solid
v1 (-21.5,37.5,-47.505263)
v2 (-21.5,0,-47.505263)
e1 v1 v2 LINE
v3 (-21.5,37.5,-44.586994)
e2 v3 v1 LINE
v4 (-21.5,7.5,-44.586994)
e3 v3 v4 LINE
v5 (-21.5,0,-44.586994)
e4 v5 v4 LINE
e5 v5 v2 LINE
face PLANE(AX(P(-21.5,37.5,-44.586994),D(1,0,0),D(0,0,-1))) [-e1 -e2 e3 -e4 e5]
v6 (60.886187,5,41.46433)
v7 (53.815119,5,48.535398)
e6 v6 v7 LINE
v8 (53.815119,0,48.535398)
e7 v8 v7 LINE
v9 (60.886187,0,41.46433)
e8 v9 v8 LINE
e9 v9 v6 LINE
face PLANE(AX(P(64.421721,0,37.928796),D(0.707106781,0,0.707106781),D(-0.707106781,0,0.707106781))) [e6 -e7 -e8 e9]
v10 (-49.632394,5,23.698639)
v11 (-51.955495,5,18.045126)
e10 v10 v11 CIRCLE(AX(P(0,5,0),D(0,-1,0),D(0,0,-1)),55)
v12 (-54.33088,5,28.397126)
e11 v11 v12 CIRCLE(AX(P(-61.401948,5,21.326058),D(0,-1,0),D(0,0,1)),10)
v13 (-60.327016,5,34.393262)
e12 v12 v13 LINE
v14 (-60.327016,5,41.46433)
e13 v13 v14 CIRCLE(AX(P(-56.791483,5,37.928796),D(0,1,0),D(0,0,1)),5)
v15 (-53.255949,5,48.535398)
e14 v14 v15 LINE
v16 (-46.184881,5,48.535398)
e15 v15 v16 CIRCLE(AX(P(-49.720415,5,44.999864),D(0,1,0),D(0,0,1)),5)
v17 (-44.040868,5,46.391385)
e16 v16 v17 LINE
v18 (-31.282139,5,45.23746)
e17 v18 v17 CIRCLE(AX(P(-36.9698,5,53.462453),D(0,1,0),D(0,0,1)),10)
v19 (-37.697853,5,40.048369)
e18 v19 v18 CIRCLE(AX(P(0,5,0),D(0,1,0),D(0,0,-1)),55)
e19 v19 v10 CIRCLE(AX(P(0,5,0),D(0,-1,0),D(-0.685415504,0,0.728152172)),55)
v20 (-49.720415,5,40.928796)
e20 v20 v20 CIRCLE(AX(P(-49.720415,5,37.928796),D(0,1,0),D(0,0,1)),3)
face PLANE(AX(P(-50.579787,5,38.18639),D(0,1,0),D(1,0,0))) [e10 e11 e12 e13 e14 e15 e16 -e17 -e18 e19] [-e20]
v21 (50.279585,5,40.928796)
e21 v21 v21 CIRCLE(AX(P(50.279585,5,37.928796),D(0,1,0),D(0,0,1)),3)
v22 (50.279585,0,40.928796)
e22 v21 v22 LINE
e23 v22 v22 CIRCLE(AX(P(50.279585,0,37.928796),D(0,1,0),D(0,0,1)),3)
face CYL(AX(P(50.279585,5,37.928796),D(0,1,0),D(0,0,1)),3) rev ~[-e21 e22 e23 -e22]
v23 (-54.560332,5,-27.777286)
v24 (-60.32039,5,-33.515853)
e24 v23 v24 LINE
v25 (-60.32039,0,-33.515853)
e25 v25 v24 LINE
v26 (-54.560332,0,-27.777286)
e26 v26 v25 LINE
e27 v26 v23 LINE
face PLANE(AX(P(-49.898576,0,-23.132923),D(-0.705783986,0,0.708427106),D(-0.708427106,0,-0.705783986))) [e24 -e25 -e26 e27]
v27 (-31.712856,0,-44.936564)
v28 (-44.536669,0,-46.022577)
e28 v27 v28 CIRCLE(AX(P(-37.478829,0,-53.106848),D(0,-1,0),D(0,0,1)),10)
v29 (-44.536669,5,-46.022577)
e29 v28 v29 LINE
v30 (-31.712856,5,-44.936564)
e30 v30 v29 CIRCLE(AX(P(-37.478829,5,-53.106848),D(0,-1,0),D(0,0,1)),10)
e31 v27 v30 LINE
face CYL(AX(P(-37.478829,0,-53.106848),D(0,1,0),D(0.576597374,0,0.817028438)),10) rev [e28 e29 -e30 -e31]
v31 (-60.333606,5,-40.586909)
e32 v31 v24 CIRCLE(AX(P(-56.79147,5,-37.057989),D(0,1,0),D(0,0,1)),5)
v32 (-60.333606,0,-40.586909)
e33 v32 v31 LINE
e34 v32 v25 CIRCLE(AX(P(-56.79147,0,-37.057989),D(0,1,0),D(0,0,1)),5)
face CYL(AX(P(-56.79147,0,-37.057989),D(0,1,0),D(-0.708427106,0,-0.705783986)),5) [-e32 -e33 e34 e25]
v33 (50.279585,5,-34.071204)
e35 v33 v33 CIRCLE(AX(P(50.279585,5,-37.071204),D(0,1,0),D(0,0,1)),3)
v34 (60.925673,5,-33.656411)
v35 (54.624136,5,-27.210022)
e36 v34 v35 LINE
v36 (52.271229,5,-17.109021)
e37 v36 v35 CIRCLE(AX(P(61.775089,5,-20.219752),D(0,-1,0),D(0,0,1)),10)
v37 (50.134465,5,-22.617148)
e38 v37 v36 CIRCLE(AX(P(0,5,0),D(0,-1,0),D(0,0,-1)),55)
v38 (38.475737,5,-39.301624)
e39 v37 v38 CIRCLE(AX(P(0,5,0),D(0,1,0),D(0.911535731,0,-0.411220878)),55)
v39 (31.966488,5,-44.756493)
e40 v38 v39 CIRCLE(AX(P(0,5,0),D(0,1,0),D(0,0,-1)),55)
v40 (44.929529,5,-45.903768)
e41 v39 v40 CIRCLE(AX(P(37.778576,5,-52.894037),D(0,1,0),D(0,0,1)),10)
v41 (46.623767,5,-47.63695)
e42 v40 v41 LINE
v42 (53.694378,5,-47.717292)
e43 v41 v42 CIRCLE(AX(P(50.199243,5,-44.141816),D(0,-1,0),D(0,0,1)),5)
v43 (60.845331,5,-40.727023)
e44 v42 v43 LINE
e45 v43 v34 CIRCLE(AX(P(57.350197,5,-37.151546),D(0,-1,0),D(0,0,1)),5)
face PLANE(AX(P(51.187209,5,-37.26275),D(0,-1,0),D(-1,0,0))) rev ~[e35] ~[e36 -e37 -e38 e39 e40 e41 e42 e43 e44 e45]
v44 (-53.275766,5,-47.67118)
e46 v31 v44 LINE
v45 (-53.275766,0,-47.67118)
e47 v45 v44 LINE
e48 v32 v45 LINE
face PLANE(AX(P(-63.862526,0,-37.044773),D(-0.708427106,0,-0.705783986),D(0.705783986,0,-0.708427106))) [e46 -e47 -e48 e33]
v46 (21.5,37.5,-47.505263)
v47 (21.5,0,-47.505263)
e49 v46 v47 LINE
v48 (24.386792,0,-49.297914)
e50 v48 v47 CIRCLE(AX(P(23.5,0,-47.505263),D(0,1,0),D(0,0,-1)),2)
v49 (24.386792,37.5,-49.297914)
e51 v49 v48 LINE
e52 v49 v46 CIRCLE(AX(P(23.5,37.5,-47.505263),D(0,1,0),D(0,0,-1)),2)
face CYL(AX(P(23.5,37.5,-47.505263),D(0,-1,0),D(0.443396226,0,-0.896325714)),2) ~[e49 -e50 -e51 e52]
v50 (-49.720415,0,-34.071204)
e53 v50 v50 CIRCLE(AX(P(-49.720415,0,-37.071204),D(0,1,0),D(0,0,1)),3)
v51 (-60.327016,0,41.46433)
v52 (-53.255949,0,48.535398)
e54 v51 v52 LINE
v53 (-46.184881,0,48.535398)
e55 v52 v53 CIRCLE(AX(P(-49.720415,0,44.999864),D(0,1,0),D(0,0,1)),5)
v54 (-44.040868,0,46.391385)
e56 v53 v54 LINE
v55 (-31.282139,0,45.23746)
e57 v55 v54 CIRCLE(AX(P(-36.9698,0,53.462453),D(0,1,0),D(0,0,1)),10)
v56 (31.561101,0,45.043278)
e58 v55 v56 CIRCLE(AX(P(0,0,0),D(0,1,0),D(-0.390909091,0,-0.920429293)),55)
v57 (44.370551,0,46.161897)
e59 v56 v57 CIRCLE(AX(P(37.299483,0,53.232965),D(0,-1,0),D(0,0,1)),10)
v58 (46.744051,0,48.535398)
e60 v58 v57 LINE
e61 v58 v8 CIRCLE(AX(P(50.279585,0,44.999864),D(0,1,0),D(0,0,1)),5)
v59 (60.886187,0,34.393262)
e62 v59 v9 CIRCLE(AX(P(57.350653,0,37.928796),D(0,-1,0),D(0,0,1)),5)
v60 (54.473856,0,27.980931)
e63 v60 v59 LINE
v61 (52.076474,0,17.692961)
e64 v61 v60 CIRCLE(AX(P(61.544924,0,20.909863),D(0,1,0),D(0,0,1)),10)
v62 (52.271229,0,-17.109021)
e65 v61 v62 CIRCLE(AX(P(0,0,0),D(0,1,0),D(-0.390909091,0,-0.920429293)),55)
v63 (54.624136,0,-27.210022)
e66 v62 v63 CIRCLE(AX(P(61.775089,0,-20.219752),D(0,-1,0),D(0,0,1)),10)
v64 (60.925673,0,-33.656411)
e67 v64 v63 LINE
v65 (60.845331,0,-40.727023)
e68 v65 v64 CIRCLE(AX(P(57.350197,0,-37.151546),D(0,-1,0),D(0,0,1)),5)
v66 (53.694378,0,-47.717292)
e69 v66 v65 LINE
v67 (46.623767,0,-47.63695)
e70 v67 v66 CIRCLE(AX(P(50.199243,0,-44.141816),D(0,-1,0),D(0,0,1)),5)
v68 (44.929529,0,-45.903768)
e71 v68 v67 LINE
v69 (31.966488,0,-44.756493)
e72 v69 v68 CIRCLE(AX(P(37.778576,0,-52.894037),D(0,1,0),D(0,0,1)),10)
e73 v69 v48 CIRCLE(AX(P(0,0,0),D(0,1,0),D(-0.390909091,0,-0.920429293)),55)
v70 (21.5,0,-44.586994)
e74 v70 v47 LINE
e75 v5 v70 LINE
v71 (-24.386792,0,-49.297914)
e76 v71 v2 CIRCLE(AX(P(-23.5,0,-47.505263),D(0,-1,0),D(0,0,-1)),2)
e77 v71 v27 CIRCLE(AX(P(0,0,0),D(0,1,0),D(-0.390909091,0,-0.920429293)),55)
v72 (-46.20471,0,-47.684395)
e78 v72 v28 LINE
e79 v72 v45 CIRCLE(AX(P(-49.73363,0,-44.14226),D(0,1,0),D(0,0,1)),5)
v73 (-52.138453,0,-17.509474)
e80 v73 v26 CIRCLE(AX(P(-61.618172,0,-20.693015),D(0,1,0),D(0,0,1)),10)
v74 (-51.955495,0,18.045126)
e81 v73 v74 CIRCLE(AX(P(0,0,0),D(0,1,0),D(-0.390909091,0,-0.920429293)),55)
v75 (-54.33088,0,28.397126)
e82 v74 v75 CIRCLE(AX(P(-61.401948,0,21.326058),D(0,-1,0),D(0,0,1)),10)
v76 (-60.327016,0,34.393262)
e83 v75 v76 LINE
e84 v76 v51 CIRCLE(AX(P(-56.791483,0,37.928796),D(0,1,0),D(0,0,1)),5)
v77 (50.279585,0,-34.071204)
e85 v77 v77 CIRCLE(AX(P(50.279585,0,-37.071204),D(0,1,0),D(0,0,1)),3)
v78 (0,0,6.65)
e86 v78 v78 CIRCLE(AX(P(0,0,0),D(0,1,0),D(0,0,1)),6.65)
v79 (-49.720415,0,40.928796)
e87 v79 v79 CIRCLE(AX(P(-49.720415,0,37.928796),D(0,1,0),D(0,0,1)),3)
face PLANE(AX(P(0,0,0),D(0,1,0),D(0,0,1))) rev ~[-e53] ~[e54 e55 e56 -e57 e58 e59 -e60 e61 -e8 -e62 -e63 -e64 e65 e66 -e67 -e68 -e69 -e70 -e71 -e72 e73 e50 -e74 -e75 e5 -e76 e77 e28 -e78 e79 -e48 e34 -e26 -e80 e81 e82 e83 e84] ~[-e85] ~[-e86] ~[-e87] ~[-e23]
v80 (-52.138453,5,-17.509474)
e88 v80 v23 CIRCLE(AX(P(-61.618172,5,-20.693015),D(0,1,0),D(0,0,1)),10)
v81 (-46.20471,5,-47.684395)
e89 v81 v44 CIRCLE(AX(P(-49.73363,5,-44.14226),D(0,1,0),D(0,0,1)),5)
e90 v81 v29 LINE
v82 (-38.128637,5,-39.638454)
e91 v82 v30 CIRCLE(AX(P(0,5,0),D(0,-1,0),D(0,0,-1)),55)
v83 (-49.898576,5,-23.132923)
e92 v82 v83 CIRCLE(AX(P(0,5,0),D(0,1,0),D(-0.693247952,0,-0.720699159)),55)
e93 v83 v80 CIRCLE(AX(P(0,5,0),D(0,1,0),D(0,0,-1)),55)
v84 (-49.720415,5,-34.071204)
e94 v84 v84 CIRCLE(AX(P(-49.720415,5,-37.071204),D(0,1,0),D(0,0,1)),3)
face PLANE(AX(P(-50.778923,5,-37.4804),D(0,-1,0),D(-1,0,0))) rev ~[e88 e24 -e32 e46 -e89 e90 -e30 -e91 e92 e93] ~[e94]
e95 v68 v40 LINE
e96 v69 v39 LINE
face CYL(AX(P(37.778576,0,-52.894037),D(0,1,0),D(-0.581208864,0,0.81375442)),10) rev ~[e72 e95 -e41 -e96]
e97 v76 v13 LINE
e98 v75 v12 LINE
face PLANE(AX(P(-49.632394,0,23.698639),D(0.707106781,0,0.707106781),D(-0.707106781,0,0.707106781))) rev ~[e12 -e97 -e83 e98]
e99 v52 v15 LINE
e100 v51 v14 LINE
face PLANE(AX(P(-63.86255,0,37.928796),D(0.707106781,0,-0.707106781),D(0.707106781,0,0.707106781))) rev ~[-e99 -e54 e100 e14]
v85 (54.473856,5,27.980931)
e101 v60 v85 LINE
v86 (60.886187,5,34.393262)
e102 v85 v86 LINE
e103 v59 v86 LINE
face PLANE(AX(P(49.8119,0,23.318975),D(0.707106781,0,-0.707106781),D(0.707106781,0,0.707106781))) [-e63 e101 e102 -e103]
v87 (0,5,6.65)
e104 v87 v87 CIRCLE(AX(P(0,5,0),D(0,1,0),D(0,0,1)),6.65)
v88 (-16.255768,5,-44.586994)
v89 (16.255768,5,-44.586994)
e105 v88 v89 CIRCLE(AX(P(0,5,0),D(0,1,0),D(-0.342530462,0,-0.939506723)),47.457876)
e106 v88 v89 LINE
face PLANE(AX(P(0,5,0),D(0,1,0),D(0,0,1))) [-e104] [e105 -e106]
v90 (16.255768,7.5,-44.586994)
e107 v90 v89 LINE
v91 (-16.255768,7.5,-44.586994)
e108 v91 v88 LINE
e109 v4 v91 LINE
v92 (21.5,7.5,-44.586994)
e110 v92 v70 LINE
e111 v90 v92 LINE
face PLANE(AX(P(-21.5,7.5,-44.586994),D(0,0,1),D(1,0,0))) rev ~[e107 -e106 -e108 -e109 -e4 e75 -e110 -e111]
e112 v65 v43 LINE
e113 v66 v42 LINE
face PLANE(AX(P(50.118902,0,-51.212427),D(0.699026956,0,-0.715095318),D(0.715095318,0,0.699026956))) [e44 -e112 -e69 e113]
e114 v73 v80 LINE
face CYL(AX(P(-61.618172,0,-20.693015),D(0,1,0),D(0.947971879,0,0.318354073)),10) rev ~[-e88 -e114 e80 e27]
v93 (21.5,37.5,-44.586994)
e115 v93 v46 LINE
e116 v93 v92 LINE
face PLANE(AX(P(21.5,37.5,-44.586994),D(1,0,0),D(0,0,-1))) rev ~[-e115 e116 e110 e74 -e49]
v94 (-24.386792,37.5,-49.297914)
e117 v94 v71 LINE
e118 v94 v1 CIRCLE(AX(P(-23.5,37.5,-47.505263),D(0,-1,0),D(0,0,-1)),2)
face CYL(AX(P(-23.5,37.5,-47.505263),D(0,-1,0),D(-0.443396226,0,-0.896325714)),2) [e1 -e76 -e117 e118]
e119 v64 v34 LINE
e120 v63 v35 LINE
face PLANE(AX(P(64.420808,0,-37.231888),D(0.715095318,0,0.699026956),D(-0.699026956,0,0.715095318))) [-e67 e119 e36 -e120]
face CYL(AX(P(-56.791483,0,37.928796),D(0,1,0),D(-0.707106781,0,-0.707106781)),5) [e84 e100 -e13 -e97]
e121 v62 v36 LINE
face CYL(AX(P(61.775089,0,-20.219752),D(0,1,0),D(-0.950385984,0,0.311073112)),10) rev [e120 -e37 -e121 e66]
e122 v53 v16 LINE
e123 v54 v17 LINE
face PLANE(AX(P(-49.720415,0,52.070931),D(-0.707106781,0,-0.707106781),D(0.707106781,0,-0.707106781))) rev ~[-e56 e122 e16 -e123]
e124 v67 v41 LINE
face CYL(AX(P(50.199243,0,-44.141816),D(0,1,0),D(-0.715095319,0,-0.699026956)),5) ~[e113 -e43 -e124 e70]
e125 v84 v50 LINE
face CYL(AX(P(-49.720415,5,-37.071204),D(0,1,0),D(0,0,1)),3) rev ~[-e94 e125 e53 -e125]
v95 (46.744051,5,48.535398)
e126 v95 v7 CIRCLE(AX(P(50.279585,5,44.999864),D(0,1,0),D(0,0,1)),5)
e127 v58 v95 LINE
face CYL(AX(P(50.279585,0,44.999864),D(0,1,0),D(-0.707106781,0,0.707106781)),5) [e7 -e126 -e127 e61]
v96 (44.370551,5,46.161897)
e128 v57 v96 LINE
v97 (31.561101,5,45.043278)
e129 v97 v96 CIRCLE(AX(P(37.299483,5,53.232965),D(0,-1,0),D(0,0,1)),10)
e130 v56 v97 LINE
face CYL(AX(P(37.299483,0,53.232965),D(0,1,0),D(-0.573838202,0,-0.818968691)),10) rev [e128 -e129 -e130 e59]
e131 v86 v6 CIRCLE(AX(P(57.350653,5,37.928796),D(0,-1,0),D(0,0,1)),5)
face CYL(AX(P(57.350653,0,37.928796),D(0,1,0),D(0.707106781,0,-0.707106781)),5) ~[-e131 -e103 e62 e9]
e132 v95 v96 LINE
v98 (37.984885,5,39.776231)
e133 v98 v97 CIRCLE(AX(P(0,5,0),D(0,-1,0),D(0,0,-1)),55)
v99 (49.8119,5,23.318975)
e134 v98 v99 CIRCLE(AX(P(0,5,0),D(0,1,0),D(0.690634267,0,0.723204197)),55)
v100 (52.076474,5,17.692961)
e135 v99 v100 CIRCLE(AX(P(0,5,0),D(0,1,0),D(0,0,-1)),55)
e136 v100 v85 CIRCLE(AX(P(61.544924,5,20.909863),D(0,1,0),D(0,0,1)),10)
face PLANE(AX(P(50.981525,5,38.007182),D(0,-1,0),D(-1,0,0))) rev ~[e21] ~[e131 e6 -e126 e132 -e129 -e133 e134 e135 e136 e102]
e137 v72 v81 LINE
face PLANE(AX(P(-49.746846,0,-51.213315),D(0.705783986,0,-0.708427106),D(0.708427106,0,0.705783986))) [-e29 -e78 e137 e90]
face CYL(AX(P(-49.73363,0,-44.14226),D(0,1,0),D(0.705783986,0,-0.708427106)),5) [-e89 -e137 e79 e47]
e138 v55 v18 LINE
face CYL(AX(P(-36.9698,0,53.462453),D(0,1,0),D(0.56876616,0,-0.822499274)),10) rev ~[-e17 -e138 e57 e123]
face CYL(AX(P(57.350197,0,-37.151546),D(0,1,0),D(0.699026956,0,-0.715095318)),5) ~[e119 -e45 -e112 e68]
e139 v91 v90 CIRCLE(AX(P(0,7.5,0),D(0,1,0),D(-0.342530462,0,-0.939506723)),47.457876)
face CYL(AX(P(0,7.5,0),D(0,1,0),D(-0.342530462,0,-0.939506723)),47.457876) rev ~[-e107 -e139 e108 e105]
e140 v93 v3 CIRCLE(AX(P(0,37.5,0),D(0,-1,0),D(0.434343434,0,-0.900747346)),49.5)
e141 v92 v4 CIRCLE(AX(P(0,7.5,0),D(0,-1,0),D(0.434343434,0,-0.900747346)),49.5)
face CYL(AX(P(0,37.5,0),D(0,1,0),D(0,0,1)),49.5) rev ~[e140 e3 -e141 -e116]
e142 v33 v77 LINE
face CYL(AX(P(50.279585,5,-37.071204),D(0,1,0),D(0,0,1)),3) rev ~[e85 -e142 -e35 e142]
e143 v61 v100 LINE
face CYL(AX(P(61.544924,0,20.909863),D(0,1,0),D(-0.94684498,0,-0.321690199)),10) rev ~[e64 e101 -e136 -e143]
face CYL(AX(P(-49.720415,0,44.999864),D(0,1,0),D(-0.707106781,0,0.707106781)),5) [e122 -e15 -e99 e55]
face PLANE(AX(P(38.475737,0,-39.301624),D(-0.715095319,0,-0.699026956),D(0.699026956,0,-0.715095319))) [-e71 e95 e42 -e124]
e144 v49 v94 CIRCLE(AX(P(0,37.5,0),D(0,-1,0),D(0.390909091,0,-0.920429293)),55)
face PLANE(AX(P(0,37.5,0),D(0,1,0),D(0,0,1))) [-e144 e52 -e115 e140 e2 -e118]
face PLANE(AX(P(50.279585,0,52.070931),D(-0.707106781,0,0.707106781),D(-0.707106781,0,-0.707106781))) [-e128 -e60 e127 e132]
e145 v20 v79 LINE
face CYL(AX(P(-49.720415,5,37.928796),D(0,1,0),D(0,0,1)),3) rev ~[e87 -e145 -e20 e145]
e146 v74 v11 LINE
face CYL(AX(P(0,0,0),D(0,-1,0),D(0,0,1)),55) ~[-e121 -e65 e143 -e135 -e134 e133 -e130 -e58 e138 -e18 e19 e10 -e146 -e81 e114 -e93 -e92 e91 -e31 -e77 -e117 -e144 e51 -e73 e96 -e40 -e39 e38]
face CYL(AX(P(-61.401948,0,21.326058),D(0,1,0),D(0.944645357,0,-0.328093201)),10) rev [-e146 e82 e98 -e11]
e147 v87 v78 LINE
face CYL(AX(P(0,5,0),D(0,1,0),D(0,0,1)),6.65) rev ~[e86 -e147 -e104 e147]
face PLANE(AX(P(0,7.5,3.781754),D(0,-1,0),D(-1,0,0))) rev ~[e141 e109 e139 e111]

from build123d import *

# Parameters (mm, degrees)
SKETCH_1_R          = 55
EXTRUDE_1_DEPTH     = 37.5
SKETCH_3_R          = 49.5
CUT_EXTRUDE_1_DEPTH = 32.5
SKETCH_5_W          = 43
SKETCH_5_H          = 12.242897151
CUT_EXTRUDE_2_DEPTH = 40
FILLET_4_R          = 2
FILLET_5_R          = 2
SKETCH_6_R          = 6.65
CUT_EXTRUDE_3_DEPTH = 12
EXTRUDE_START       = -5
EXTRUDE_3_DEPTH     = 5
FILLET_7_R          = 10
FILLET_8_R          = 5
SKETCH_10_R         = 3
CUT_EXTRUDE_5_DEPTH = 5
EXTRUDE_START_2     = 2.5
EXTRUDE_4_DEPTH     = 2.5


with BuildPart() as part:
    # 草图1 → 凸台-拉伸1 (new body)
    with BuildSketch(Plane(origin=(0, 0, 0), x_dir=(1, 0, 0), z_dir=(0, 1, 0))):
        with Locations(Location((0, 0, 0), (0, 0, 270))):
            Circle(SKETCH_1_R)
    extrude(amount=EXTRUDE_1_DEPTH)

    # 草图3 → 切除-拉伸1 (cut)
    with BuildSketch(Plane(origin=(0, 37.5, 0), x_dir=(1, 0, 0), z_dir=(0, 1, 0))):
        with Locations(Location((0, 0, 0), (0, 0, 270))):
            Circle(SKETCH_3_R)
    extrude(amount=-CUT_EXTRUDE_1_DEPTH, mode=Mode.SUBTRACT)

    # 草图5 → 切除-拉伸2 (cut)
    with BuildSketch(Plane(origin=(0, 37.5, 0), x_dir=(1, 0, 0), z_dir=(0, 1, 0))):
        with Locations((0, 50.708442195)):
            Rectangle(SKETCH_5_W, SKETCH_5_H)
    extrude(amount=-CUT_EXTRUDE_2_DEPTH, mode=Mode.SUBTRACT)

    # 圆角4
    fillet_4_edges = [part.edges().sort_by_distance(p)[0] for p in [
        (-21.5, 18.75, -50.623611092),
    ]]
    fillet(fillet_4_edges, radius=FILLET_4_R)

    # 圆角5
    fillet_5_edges = [part.edges().sort_by_distance(p)[0] for p in [
        (21.5, 18.75, -50.623611092),
    ]]
    fillet(fillet_5_edges, radius=FILLET_5_R)

    # 草图6 → 切除-拉伸3 (cut)
    with BuildSketch(Plane(origin=(0, 5, 0), x_dir=(1, 0, 0), z_dir=(0, 1, 0))):
        with Locations(Location((0, 0, 0), (0, 0, 270))):
            Circle(SKETCH_6_R)
    extrude(amount=-CUT_EXTRUDE_3_DEPTH, mode=Mode.SUBTRACT)

    # 草图14 → 凸台-拉伸3 (add)
    with BuildSketch(Plane(origin=(0, 5, 0), x_dir=(1, 0, 0), z_dir=(0, 1, 0)).offset(EXTRUDE_START)):
        with BuildLine():
            Line((-49.898576095, 23.132922507), (-63.862525635, 37.044772973))
            Line((-63.862525635, 37.044772973), (-49.746845912, 51.213315099))
            Line((-49.746845912, 51.213315099), (-38.128637352, 39.638453724))
            ThreePointArc((-38.128637352, 39.638453724), (-44.78063998, 31.932652301), (-49.898576095, 23.132922507))
        make_face()
        with BuildLine():
            Line((49.811900188, -23.3189751), (64.421720913, -37.928795825))
            Line((64.421720913, -37.928795825), (50.279585289, -52.070931449))
            Line((50.279585289, -52.070931449), (37.984884655, -39.776230814))
            ThreePointArc((37.984884655, -39.776230814), (44.662950793, -32.097053236), (49.811900188, -23.3189751))
        make_face()
        with BuildLine():
            Line((-49.632393674, -23.698639164), (-63.862550335, -37.928795825))
            Line((-63.862550335, -37.928795825), (-49.720414711, -52.070931449))
            Line((-49.720414711, -52.070931449), (-37.697852746, -40.048369484))
            ThreePointArc((-37.697852746, -40.048369484), (-44.423770724, -32.427281642), (-49.632393674, -23.698639164))
        make_face()
        with BuildLine():
            Line((38.475737251, 39.301623923), (50.118901666, 51.212426922))
            Line((50.118901666, 51.212426922), (64.420808036, 37.231887798))
            Line((64.420808036, 37.231887798), (50.134465219, 22.6171483))
            ThreePointArc((50.134465219, 22.6171483), (45.083643676, 31.50341367), (38.475737251, 39.301623923))
        make_face()
    extrude(amount=EXTRUDE_3_DEPTH)

    # 圆角7
    fillet_7_edges = [part.edges().sort_by_distance(p)[0] for p in [
        (-38.128637352, 2.5, -39.638453724),
        (-49.898576095, 2.5, -23.132922507),
        (-49.632393674, 2.5, 23.698639164),
        (-37.697852746, 2.5, 40.048369484),
        (50.134465219, 2.5, -22.6171483),
        (38.475737251, 2.5, -39.301623923),
        (37.984884655, 2.5, 39.776230814),
        (49.811900188, 2.5, 23.3189751),
    ]]
    fillet(fillet_7_edges, radius=FILLET_7_R)

    # 圆角8
    fillet_8_edges = [part.edges().sort_by_distance(p)[0] for p in [
        (-63.862525635, 2.5, -37.044772973),
        (-49.746845912, 2.5, -51.213315099),
        (-49.720414711, 2.5, 52.070931449),
        (-63.862550335, 2.5, 37.928795825),
        (50.118901666, 2.5, -51.212426922),
        (64.420808036, 2.5, -37.231887798),
        (50.279585289, 2.5, 52.070931449),
        (64.421720913, 2.5, 37.928795825),
    ]]
    fillet(fillet_8_edges, radius=FILLET_8_R)

    # 草图10 → 切除-拉伸5 (cut)
    with BuildSketch(Plane(origin=(0, 5, 0), x_dir=(1, 0, 0), z_dir=(0, 1, 0))):
        with Locations(Location((-49.720414711, 37.071204175, 0), (0, 0, 270))):
            Circle(SKETCH_10_R)
        with Locations(Location((50.279585289, 37.071204175, 0), (0, 0, 270))):
            Circle(SKETCH_10_R)
        with Locations(Location((-49.720414711, -37.928795825, 0), (0, 0, 270))):
            Circle(SKETCH_10_R)
        with Locations(Location((50.279585289, -37.928795825, 0), (0, 0, 270))):
            Circle(SKETCH_10_R)
    extrude(amount=-CUT_EXTRUDE_5_DEPTH, mode=Mode.SUBTRACT)

    # 草图15 → 凸台-拉伸4 (add)
    with BuildSketch(Plane(origin=(0, 5, 0), x_dir=(1, 0, 0), z_dir=(0, 1, 0)).offset(EXTRUDE_START_2)):
        with BuildLine():
            Line((-21.5, 44.586993619), (-16.255768207, 44.586993619))
            ThreePointArc((-16.255768207, 44.586993619), (0, -47.457876059), (16.255768207, 44.586993619))
            Line((16.255768207, 44.586993619), (21.5, 44.586993619))
            ThreePointArc((21.5, 44.586993619), (0, -49.5), (-21.5, 44.586993619))
        make_face()
    extrude(amount=-EXTRUDE_4_DEPTH)


solid = part.part
